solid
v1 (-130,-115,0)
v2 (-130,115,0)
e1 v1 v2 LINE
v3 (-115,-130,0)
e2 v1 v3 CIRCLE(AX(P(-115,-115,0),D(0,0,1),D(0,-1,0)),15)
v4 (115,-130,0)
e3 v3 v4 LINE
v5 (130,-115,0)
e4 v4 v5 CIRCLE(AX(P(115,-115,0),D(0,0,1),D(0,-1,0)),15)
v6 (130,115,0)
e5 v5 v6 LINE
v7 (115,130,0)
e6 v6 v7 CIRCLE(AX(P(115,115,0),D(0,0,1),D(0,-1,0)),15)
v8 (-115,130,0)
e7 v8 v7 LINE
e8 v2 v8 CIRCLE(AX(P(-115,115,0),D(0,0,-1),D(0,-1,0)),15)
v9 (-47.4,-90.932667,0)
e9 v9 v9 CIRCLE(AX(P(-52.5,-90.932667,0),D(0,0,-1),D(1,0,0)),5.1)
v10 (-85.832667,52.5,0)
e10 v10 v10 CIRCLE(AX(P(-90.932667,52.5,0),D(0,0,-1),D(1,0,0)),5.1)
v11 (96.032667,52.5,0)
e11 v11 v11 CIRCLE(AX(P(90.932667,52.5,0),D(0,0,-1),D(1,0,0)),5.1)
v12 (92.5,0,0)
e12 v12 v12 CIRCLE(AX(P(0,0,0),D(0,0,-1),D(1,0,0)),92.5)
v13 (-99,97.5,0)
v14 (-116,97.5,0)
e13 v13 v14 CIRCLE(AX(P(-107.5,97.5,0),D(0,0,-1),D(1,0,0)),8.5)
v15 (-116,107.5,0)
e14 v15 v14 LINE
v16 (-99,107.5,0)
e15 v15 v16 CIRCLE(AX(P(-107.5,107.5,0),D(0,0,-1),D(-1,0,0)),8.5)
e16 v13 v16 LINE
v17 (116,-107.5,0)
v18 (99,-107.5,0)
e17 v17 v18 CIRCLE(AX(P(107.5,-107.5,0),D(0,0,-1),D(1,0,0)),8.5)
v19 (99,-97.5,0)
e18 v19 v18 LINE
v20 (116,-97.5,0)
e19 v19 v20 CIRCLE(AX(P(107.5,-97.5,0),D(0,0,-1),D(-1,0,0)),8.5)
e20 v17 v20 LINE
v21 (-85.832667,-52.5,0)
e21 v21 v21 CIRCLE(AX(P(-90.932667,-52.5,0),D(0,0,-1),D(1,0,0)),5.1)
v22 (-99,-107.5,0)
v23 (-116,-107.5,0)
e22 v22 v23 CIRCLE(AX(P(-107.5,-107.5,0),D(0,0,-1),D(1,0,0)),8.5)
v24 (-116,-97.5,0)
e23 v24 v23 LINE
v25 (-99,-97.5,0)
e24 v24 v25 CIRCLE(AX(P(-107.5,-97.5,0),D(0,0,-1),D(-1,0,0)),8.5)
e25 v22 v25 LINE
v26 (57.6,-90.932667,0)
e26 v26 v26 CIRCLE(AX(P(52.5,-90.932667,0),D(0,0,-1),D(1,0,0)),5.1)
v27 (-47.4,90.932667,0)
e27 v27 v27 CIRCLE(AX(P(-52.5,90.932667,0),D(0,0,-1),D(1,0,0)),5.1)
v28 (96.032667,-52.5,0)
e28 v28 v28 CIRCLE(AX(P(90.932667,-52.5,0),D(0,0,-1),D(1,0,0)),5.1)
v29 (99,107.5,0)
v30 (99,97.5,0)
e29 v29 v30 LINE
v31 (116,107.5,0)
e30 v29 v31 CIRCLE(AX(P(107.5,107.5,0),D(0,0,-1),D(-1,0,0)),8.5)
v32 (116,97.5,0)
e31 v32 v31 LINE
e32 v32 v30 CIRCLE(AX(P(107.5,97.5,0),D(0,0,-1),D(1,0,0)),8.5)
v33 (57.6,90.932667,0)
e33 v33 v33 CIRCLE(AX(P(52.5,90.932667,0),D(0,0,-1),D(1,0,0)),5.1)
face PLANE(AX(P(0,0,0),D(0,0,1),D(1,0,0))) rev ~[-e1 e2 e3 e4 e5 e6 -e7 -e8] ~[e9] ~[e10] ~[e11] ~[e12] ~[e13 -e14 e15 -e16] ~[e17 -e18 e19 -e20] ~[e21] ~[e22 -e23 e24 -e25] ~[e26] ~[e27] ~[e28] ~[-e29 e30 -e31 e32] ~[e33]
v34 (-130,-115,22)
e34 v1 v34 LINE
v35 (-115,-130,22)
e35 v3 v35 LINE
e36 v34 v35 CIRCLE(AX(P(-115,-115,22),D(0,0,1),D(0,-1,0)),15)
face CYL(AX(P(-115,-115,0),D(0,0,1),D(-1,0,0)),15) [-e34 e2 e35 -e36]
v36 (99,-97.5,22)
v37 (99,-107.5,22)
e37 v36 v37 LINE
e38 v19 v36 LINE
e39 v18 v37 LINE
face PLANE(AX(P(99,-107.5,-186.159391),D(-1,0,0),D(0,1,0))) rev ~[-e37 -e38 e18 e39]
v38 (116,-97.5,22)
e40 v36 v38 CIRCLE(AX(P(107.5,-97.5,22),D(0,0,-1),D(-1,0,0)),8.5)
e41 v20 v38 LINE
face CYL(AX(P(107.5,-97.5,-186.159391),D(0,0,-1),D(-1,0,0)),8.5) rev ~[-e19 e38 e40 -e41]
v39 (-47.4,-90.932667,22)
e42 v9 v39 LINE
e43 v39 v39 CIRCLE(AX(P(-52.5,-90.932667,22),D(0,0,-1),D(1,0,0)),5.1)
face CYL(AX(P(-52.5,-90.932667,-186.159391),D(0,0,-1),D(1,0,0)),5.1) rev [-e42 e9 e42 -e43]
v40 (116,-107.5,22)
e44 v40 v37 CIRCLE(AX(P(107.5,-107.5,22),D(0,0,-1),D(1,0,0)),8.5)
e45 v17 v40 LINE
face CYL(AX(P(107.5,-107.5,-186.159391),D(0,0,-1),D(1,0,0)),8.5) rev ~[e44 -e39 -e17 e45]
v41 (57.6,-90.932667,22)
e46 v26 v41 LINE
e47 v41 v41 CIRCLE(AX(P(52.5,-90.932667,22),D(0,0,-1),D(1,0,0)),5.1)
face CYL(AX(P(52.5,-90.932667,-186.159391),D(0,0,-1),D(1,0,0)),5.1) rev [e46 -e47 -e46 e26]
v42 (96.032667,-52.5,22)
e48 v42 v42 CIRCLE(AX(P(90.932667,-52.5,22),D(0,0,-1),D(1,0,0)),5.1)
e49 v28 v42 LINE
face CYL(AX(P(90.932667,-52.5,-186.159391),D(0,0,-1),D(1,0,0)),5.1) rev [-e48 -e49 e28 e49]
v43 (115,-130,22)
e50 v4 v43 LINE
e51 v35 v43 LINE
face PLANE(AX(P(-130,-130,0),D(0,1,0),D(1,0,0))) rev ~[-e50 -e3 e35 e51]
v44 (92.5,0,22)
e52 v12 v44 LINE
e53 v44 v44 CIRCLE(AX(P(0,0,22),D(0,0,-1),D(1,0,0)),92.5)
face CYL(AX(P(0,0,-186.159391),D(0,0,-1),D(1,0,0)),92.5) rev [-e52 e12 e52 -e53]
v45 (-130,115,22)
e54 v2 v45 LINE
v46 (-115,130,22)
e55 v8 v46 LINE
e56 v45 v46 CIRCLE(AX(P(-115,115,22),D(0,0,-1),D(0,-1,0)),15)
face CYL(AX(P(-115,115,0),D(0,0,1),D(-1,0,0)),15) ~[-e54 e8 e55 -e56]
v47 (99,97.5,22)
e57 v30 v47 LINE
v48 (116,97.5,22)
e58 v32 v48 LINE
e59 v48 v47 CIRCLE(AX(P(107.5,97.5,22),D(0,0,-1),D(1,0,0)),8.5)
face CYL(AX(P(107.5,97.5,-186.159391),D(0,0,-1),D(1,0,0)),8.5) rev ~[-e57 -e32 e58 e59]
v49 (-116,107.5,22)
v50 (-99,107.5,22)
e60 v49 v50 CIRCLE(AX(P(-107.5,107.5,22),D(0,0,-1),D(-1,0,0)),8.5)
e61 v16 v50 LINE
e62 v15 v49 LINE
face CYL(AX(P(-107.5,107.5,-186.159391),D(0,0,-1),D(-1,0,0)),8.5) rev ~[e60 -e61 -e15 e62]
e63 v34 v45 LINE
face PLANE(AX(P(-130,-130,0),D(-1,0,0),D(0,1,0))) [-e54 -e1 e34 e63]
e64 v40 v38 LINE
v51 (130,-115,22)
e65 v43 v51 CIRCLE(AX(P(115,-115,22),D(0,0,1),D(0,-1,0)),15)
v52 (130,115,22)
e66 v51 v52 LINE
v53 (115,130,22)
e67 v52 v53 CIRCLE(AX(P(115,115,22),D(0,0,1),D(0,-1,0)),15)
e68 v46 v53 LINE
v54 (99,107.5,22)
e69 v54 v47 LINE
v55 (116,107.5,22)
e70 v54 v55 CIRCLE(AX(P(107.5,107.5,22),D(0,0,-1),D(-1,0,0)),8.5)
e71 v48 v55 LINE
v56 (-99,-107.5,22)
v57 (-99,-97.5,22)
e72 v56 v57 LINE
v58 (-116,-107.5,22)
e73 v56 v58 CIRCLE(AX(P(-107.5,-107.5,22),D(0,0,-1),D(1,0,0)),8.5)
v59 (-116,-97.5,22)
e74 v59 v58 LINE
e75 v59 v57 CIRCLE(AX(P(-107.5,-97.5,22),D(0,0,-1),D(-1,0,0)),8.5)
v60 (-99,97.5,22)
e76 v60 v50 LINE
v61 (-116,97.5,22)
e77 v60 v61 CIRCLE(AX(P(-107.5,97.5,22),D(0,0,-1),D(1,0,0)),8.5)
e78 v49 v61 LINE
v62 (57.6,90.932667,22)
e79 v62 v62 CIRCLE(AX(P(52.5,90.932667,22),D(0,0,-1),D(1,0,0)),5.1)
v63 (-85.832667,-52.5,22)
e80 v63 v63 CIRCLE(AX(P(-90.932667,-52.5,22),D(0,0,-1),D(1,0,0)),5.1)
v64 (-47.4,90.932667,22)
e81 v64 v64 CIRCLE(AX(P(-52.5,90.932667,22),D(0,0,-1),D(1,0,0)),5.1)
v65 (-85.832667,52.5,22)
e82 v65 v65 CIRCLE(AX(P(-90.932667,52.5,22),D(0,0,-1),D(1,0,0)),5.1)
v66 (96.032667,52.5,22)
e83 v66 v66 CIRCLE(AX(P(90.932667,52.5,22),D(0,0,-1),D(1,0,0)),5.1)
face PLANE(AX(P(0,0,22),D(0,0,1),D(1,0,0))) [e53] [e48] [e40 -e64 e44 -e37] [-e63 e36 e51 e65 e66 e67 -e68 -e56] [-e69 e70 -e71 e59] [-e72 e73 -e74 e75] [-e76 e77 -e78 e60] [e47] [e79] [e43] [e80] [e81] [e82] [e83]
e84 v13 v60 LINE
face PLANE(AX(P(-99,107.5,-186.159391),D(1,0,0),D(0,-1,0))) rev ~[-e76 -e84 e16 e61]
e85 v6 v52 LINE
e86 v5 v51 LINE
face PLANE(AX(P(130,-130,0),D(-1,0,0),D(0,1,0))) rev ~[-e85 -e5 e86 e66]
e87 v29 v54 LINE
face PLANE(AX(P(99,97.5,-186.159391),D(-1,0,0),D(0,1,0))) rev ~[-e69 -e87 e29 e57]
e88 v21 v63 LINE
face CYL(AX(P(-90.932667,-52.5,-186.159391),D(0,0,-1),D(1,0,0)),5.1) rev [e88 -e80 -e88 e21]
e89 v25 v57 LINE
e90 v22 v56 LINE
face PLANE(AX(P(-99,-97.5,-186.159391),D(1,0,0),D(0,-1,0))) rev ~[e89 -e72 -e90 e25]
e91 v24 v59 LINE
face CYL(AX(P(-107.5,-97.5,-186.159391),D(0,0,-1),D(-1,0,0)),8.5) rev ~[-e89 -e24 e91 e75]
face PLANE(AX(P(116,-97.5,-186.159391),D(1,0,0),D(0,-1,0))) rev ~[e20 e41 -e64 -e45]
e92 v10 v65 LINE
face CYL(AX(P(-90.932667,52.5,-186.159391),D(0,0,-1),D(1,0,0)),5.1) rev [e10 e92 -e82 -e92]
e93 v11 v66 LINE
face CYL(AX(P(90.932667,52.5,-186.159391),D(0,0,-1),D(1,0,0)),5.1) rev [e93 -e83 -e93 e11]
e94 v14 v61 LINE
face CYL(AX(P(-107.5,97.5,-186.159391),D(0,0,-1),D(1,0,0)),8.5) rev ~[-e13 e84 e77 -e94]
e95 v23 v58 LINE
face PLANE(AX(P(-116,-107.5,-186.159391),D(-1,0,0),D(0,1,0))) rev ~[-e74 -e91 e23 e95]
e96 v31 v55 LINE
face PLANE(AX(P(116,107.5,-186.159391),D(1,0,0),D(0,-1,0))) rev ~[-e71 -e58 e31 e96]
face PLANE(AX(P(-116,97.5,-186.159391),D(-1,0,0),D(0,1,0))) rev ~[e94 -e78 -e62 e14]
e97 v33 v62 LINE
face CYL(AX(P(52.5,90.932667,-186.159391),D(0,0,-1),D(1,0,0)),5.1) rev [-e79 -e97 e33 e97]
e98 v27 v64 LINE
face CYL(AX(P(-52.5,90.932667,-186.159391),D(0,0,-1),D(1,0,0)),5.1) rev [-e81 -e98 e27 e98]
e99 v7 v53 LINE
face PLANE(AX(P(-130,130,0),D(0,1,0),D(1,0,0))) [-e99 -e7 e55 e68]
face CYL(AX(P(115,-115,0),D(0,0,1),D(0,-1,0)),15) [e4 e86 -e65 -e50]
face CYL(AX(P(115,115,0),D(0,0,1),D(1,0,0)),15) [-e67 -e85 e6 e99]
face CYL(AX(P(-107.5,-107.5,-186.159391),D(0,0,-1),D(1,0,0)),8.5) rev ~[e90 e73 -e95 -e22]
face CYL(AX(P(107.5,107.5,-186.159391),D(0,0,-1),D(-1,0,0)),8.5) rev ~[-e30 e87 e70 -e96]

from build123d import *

# Parameters (mm, degrees)
SKETCH_1_W               = 260
SKETCH_1_H               = 260
EXTRUDE_1_DEPTH          = 22
FILLET_1_R               = 15
CUT_EXTRUDE_1_DEPTH      = 186.159390796
CUT_EXTRUDE_1_DEPTH_BACK = 186.159390796
SKETCH_2_R               = 92.5
SKETCH_2_R_2             = 5.1
CUT_EXTRUDE_2_DEPTH      = 186.159390796
CUT_EXTRUDE_2_DEPTH_BACK = 186.159390796


with BuildPart() as part:
    # ｽｹｯﾁ1 → ﾎﾞｽ - 押し出し1 (new body)
    with BuildSketch(Plane.XY):
        Rectangle(SKETCH_1_W, SKETCH_1_H)
    extrude(amount=EXTRUDE_1_DEPTH)

    # ﾌｨﾚｯﾄ1
    fillet_1_edges = [part.edges().sort_by_distance(p)[0] for p in [
        (-130, 130, 11),
        (130, 130, 11),
        (130, -130, 11),
        (-130, -130, 11),
    ]]
    fillet(fillet_1_edges, radius=FILLET_1_R)

    # ｽｹｯﾁ2 → ｶｯﾄ - 押し出し1 (cut, two sides: drawn at the far end of the back side and taken through both)
    with BuildSketch(Plane.XY.offset(-CUT_EXTRUDE_1_DEPTH_BACK)):
        Circle(SKETCH_2_R)
        with Locations((90.932667397, 52.5)):
            Circle(SKETCH_2_R_2)
        with Locations((52.5, 90.932667397)):
            Circle(SKETCH_2_R_2)
        with Locations((-52.5, 90.932667397)):
            Circle(SKETCH_2_R_2)
        with Locations((-90.932667397, 52.5)):
            Circle(SKETCH_2_R_2)
        with Locations((-90.932667397, -52.5)):
            Circle(SKETCH_2_R_2)
        with Locations((-52.5, -90.932667397)):
            Circle(SKETCH_2_R_2)
        with Locations((52.5, -90.932667397)):
            Circle(SKETCH_2_R_2)
        with Locations((90.932667397, -52.5)):
            Circle(SKETCH_2_R_2)
    extrude(amount=CUT_EXTRUDE_1_DEPTH + CUT_EXTRUDE_1_DEPTH_BACK, mode=Mode.SUBTRACT)

    # ｽｹｯﾁ3 → ｶｯﾄ - 押し出し2 (cut, two sides: drawn at the far end of the back side and taken through both)
    with BuildSketch(Plane.XY.offset(-CUT_EXTRUDE_2_DEPTH_BACK)):
        with BuildLine():
            Line((-116, -107.5), (-116, -97.5))
            ThreePointArc((-116, -97.5), (-107.5, -89), (-99, -97.5))
            Line((-99, -97.5), (-99, -107.5))
            ThreePointArc((-99, -107.5), (-107.5, -116), (-116, -107.5))
        make_face()
        with BuildLine():
            Line((-116, 97.5), (-116, 107.5))
            ThreePointArc((-116, 107.5), (-107.5, 116), (-99, 107.5))
            Line((-99, 107.5), (-99, 97.5))
            ThreePointArc((-99, 97.5), (-107.5, 89), (-116, 97.5))
        make_face()
        with BuildLine():
            Line((99, -107.5), (99, -97.5))
            ThreePointArc((99, -97.5), (107.5, -89), (116, -97.5))
            Line((116, -97.5), (116, -107.5))
            ThreePointArc((116, -107.5), (107.5, -116), (99, -107.5))
        make_face()
        with BuildLine():
            Line((99, 97.5), (99, 107.5))
            ThreePointArc((99, 107.5), (107.5, 116), (116, 107.5))
            Line((116, 107.5), (116, 97.5))
            ThreePointArc((116, 97.5), (107.5, 89), (99, 97.5))
        make_face()
    extrude(amount=CUT_EXTRUDE_2_DEPTH + CUT_EXTRUDE_2_DEPTH_BACK, mode=Mode.SUBTRACT)


solid = part.part
